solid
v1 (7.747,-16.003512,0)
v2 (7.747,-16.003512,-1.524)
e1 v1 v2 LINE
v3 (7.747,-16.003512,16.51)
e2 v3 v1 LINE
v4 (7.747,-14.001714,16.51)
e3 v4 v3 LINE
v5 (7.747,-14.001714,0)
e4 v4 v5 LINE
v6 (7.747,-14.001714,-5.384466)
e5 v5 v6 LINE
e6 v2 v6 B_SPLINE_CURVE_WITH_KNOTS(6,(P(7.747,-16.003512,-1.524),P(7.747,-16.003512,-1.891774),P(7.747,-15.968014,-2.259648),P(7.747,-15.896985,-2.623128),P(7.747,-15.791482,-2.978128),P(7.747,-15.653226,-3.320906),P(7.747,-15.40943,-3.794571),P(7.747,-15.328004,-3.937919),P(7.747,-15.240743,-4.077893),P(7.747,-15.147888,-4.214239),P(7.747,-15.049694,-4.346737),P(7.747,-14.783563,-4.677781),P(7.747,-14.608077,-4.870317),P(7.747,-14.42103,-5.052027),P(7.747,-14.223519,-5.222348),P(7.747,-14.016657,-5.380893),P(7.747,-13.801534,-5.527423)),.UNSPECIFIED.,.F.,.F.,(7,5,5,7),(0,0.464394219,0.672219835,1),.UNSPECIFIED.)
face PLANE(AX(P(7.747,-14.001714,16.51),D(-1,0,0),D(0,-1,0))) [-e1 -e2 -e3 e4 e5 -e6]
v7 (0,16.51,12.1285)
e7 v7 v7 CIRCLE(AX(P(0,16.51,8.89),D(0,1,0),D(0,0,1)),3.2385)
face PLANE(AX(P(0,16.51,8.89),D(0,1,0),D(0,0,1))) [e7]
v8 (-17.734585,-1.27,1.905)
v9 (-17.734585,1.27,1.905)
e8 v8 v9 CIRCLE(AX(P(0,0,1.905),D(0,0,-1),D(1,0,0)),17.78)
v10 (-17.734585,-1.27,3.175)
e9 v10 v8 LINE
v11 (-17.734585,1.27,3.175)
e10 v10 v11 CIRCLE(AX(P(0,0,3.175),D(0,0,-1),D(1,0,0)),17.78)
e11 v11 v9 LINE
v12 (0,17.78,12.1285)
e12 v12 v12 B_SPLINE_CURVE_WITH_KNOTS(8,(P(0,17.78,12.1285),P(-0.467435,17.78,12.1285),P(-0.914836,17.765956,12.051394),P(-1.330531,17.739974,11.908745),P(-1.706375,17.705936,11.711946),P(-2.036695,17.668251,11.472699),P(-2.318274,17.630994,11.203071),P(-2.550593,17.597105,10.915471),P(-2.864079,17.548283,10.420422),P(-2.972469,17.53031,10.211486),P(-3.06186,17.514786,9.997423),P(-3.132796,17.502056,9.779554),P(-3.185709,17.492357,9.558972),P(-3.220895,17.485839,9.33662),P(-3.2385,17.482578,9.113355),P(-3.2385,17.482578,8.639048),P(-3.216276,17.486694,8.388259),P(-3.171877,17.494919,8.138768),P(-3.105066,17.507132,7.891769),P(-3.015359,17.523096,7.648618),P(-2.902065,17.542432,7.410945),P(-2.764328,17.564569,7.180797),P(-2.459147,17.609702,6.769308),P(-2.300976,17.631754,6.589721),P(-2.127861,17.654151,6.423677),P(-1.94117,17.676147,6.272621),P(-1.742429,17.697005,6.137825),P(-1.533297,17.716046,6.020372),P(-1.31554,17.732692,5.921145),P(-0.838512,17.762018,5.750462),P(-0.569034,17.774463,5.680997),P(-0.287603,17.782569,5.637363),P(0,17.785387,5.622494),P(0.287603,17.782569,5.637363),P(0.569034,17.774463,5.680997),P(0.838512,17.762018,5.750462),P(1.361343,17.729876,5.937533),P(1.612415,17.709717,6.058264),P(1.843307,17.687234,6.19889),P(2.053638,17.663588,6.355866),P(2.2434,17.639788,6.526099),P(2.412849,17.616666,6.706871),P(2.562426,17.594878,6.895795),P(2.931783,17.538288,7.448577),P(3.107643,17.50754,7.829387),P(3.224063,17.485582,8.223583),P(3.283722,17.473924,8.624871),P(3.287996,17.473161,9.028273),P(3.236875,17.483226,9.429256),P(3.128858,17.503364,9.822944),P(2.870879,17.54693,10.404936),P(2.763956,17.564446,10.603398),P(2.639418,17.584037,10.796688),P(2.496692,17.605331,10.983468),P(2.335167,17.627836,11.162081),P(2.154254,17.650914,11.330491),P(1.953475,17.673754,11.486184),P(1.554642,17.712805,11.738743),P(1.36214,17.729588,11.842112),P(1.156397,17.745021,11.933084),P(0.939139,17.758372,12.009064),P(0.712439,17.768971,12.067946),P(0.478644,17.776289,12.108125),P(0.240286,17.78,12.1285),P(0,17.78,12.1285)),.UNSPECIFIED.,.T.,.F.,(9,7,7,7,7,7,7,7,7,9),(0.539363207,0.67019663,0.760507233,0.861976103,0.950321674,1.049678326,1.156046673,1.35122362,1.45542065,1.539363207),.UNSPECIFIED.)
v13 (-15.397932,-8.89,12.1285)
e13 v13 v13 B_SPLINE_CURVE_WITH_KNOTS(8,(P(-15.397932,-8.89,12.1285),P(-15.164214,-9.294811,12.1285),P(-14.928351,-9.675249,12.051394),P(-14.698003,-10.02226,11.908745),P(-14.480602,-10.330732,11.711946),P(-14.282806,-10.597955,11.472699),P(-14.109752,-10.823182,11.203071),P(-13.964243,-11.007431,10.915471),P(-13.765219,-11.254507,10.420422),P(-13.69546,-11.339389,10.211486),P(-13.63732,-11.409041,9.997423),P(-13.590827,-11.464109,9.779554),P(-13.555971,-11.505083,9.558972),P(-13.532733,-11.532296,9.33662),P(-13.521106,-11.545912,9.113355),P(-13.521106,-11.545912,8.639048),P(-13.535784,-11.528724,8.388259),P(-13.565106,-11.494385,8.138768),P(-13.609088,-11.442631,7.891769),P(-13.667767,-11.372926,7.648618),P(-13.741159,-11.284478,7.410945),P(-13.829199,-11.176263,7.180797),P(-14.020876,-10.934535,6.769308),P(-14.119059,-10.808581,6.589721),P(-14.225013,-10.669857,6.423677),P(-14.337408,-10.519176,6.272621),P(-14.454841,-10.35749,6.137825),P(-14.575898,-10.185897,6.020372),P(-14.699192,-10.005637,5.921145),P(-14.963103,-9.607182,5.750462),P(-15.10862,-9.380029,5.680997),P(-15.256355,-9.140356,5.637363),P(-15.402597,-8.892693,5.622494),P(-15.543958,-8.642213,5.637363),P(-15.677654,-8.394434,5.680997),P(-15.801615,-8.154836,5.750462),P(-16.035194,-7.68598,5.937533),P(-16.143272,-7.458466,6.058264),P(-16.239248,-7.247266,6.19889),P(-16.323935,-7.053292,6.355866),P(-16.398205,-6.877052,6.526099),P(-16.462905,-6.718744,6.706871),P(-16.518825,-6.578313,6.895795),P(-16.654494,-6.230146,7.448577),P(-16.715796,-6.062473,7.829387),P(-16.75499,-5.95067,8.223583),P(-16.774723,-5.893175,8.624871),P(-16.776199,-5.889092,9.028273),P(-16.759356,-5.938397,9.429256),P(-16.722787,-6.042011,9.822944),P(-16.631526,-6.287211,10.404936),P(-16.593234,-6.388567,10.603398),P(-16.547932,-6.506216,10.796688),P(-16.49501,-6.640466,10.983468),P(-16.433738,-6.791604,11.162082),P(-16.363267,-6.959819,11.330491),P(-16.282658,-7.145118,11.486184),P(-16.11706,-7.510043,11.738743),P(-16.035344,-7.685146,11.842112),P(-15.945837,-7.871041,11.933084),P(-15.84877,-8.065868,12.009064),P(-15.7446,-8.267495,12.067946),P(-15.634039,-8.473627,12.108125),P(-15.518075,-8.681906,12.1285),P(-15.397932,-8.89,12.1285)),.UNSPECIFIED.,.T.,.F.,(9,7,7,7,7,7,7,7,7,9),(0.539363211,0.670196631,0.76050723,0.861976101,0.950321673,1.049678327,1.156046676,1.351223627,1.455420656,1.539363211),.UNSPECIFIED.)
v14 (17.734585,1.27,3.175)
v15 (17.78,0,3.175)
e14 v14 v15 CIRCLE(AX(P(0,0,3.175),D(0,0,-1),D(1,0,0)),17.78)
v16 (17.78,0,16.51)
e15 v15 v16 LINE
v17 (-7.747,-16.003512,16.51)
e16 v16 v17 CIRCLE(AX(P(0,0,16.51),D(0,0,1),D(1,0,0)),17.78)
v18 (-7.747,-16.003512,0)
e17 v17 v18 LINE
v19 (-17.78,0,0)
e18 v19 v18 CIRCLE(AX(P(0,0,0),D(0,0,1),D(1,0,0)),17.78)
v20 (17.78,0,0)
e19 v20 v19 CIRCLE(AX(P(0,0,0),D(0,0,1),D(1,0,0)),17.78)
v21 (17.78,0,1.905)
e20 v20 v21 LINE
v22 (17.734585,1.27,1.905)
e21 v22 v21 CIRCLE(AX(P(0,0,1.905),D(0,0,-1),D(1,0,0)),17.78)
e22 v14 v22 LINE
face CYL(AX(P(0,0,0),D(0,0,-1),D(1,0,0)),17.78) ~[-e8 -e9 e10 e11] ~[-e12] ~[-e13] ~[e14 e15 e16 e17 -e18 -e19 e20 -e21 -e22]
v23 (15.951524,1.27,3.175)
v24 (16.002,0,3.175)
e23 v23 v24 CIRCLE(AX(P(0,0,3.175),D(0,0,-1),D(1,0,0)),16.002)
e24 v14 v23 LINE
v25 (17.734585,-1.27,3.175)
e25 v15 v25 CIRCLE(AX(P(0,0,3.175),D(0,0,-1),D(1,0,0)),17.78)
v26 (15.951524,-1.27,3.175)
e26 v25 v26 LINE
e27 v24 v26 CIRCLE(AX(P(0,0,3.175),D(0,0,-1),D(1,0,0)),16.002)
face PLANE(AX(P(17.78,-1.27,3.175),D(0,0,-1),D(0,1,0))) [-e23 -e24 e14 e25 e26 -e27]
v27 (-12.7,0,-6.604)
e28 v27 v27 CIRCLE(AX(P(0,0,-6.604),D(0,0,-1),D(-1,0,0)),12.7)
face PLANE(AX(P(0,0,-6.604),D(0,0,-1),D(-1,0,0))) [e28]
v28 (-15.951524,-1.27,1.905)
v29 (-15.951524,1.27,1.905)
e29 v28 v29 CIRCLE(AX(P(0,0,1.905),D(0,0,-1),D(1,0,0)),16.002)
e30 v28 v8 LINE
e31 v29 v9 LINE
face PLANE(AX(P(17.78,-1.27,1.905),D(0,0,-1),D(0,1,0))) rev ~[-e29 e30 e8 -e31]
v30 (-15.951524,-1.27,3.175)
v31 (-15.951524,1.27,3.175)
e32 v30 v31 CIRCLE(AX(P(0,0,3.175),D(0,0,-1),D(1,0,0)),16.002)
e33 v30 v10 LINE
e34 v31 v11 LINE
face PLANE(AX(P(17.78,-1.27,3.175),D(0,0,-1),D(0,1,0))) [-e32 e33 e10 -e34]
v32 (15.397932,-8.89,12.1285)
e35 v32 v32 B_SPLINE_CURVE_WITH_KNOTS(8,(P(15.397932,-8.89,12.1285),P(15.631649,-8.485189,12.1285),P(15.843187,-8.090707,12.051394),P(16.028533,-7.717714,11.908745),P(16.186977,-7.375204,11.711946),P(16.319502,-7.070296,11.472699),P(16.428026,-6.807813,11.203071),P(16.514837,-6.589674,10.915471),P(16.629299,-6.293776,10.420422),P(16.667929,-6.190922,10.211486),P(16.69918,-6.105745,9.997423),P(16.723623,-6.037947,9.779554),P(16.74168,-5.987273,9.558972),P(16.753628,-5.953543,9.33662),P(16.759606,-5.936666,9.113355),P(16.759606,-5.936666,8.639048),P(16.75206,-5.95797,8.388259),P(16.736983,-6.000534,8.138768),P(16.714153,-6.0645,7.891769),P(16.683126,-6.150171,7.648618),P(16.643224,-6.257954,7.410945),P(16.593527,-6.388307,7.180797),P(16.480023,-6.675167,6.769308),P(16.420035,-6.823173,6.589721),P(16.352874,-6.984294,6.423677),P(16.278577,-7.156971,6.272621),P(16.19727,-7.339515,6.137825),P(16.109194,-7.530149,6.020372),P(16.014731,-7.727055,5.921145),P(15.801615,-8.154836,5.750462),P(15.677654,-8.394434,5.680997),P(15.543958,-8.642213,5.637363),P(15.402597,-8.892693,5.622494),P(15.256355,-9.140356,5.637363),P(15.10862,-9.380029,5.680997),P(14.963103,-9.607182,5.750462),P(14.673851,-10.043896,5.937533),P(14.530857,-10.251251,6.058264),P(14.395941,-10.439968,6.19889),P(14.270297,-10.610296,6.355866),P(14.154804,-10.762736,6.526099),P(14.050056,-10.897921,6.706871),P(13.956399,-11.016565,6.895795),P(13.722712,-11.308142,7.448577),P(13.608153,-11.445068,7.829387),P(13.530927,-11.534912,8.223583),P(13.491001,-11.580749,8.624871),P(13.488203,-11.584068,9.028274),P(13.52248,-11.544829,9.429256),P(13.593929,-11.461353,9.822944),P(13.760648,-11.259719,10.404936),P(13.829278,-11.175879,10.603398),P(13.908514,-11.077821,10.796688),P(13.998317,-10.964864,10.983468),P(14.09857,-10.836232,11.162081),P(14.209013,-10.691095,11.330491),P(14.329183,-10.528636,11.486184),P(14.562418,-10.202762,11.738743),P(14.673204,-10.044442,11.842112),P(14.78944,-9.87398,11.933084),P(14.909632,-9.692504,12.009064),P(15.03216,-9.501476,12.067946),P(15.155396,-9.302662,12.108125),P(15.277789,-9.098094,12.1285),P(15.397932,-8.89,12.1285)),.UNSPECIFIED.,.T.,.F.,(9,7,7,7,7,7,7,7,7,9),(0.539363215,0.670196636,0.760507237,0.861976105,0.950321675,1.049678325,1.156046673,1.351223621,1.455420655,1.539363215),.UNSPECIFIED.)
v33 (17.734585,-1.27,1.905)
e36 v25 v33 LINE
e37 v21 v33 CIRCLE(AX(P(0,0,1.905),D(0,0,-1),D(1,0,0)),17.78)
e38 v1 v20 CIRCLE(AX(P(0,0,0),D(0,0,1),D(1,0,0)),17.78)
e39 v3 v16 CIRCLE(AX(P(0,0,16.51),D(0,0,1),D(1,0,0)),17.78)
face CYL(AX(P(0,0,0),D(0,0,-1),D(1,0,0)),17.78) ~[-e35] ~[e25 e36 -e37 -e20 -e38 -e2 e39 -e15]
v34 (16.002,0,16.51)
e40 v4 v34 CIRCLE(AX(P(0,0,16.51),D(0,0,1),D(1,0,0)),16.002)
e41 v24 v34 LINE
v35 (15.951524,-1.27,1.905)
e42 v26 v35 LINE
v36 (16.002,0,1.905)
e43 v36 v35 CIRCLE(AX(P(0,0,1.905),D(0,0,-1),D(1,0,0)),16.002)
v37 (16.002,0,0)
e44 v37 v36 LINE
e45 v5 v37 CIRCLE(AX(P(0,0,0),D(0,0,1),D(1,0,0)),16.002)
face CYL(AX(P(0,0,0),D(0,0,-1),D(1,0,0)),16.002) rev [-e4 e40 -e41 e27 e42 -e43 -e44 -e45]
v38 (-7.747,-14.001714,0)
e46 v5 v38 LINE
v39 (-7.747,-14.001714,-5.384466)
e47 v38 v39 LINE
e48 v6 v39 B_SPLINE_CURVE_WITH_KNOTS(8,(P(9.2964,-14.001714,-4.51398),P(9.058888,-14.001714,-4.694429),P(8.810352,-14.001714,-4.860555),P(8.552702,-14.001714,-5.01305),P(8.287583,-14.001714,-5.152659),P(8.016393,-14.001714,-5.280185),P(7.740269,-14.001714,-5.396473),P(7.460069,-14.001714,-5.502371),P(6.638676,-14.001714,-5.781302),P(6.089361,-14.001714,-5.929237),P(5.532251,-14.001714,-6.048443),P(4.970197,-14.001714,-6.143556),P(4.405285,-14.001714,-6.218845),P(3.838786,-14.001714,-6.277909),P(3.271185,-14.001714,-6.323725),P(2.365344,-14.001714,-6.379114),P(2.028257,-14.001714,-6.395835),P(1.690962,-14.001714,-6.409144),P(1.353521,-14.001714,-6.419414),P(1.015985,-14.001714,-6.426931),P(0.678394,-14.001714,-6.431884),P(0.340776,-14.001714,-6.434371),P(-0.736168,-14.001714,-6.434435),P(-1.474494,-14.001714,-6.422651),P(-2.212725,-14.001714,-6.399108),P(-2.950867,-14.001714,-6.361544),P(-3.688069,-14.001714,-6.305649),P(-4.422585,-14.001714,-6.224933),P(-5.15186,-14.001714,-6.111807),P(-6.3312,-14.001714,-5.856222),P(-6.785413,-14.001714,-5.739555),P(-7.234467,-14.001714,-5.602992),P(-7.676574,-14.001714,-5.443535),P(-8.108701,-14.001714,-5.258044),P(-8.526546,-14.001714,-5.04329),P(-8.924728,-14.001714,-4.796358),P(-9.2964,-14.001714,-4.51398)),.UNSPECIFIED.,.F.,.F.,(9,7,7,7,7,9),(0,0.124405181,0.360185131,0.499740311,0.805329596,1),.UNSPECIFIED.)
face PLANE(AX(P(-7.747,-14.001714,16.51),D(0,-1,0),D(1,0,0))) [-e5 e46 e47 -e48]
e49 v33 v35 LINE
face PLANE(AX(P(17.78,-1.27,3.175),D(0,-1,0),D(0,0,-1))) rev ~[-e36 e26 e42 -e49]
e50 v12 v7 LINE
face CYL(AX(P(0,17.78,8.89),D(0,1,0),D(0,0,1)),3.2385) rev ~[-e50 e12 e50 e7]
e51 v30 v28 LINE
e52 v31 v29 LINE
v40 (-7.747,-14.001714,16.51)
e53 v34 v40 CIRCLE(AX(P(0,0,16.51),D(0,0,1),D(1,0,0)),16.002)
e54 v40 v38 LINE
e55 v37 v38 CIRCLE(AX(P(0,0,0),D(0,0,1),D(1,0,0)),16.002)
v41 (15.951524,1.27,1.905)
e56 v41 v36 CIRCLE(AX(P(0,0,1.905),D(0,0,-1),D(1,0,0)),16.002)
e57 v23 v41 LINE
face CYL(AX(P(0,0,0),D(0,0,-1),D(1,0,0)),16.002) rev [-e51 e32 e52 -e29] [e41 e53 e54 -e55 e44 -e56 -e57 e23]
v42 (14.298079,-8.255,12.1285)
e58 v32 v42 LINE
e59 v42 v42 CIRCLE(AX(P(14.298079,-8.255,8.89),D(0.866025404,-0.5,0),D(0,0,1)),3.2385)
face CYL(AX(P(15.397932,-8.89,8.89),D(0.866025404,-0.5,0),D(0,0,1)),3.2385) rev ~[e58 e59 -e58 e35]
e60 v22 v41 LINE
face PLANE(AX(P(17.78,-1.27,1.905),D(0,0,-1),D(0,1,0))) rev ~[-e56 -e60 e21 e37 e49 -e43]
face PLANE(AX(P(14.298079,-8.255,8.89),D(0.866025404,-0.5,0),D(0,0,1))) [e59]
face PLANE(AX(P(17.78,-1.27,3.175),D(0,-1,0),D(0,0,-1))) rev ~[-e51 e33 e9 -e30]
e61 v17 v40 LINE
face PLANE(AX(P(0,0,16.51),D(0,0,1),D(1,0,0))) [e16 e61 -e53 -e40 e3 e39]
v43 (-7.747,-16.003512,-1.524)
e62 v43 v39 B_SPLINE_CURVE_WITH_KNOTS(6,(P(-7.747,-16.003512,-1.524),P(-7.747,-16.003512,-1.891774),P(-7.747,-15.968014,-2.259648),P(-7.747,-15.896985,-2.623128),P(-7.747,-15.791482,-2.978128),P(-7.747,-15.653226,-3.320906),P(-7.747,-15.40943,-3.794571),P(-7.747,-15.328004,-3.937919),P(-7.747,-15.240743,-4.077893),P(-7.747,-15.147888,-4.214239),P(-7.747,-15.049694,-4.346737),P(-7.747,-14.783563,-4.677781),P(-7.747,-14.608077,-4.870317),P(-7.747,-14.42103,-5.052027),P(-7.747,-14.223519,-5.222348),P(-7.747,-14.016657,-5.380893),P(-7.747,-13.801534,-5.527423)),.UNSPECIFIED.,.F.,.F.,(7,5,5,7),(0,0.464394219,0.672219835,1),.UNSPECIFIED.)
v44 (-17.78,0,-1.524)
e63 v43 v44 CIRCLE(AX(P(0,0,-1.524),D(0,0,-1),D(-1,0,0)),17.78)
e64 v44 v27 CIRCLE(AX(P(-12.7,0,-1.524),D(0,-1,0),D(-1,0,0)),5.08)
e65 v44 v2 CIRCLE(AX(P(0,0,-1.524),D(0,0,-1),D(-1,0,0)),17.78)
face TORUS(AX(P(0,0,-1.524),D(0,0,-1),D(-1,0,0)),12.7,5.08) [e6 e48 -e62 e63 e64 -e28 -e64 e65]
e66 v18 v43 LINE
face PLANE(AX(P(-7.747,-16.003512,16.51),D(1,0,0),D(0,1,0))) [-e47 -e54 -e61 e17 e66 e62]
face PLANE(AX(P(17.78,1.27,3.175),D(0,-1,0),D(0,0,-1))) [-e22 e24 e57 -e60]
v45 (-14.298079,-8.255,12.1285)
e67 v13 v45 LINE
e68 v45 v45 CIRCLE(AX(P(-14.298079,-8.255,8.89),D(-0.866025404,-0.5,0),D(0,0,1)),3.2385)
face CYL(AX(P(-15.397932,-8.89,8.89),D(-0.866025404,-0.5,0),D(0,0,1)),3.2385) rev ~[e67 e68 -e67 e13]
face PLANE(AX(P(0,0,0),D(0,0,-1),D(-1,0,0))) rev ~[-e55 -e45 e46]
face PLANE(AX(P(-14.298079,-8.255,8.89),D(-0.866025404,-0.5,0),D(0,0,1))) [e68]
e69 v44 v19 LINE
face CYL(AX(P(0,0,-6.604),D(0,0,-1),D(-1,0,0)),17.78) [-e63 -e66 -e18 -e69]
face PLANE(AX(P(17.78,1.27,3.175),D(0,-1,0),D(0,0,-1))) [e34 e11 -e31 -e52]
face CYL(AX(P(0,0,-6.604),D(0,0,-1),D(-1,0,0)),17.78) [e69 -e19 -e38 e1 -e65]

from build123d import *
from build123d.topology import SkipClean

# Parameters (mm, degrees)
SKETCH1_R           = 17.78
SKETCH1_R_2         = 16.002
BOSS_EXTRUDE1_DEPTH = 16.51
BOSS_EXTRUDE2_START = 6.604
SKETCH2_R           = 17.78
BOSS_EXTRUDE2_DEPTH = 6.604
FILLET1_R           = 5.08
SKETCH3_R           = 3.2385
CUT_EXTRUDE1_DEPTH  = 1.27
CIRPATTERN1_COUNT   = 3
CUT_EXTRUDE4_DEPTH  = 35.154264787
SKETCH7_W           = 1.27
SKETCH7_H           = 2.54
CUT_EXTRUDE5_DEPTH  = 44.049066354


with BuildPart() as part:
    # Sketch1 → Boss-Extrude1 (new body)
    with BuildSketch(Plane.XY):
        Circle(SKETCH1_R)
        Circle(SKETCH1_R_2, mode=Mode.SUBTRACT)
    extrude(amount=BOSS_EXTRUDE1_DEPTH)

    # Sketch2 → Boss-Extrude2 (add)
    with BuildSketch(Plane(origin=(0, 0, 0), x_dir=(-1, 0, 0), z_dir=(0, 0, -1)).offset(BOSS_EXTRUDE2_START)):
        Circle(SKETCH2_R)
    extrude(amount=-BOSS_EXTRUDE2_DEPTH)

    # Fillet1
    fillet1_edges = [part.edges().sort_by_distance(p)[0] for p in [
        (17.78, 0, -6.604),
    ]]
    fillet(fillet1_edges, radius=FILLET1_R)

    # Sketch3 → Cut-Extrude1 (cut)
    with BuildSketch(Plane(origin=(0, 17.78, 0), x_dir=(1, 0, 0), z_dir=(0, 1, 0))):
        with Locations(Location((0, -8.89, 0), (0, 0, 270))):
            Circle(SKETCH3_R)
    cut_extrude1 = extrude(amount=-CUT_EXTRUDE1_DEPTH, mode=Mode.SUBTRACT)

    # CirPattern1: Cut-Extrude1 ×3 about axis
    cirpattern1_axis = Axis((0, 0, 0), (0, 0, 1))
    for i in range(1, CIRPATTERN1_COUNT):
        add(cut_extrude1.rotate(cirpattern1_axis, i * 360 / CIRPATTERN1_COUNT), mode=Mode.SUBTRACT)

    # Sketch6 → Cut-Extrude4 (cut, through all)
    with SkipClean():  # the faces are left unmerged after this step: merging them gives an invalid solid
        with BuildSketch(Plane.XY.offset(16.51)):
            with BuildLine():
                Line((-7.747, -16.003511833), (-7.747, -14.001714002))
                Line((-7.747, -14.001714002), (7.747, -14.001714002))
                Line((7.747, -14.001714002), (7.747, -16.003511833))
                ThreePointArc((7.747, -16.003511833), (0, -17.78), (-7.747, -16.003511833))
            make_face()
        extrude(amount=-CUT_EXTRUDE4_DEPTH, mode=Mode.SUBTRACT)

    # Sketch7 → Cut-Extrude5 (cut, through all)
    with SkipClean():  # the faces are left unmerged after this step: merging them gives an invalid solid
        with BuildSketch(Plane(origin=(17.78, 0, 0), x_dir=(0, 0, -1), z_dir=(1, 0, 0))):
            with Locations((-2.54, 0)):
                Rectangle(SKETCH7_W, SKETCH7_H)
        extrude(amount=-CUT_EXTRUDE5_DEPTH, mode=Mode.SUBTRACT)


solid = part.part
